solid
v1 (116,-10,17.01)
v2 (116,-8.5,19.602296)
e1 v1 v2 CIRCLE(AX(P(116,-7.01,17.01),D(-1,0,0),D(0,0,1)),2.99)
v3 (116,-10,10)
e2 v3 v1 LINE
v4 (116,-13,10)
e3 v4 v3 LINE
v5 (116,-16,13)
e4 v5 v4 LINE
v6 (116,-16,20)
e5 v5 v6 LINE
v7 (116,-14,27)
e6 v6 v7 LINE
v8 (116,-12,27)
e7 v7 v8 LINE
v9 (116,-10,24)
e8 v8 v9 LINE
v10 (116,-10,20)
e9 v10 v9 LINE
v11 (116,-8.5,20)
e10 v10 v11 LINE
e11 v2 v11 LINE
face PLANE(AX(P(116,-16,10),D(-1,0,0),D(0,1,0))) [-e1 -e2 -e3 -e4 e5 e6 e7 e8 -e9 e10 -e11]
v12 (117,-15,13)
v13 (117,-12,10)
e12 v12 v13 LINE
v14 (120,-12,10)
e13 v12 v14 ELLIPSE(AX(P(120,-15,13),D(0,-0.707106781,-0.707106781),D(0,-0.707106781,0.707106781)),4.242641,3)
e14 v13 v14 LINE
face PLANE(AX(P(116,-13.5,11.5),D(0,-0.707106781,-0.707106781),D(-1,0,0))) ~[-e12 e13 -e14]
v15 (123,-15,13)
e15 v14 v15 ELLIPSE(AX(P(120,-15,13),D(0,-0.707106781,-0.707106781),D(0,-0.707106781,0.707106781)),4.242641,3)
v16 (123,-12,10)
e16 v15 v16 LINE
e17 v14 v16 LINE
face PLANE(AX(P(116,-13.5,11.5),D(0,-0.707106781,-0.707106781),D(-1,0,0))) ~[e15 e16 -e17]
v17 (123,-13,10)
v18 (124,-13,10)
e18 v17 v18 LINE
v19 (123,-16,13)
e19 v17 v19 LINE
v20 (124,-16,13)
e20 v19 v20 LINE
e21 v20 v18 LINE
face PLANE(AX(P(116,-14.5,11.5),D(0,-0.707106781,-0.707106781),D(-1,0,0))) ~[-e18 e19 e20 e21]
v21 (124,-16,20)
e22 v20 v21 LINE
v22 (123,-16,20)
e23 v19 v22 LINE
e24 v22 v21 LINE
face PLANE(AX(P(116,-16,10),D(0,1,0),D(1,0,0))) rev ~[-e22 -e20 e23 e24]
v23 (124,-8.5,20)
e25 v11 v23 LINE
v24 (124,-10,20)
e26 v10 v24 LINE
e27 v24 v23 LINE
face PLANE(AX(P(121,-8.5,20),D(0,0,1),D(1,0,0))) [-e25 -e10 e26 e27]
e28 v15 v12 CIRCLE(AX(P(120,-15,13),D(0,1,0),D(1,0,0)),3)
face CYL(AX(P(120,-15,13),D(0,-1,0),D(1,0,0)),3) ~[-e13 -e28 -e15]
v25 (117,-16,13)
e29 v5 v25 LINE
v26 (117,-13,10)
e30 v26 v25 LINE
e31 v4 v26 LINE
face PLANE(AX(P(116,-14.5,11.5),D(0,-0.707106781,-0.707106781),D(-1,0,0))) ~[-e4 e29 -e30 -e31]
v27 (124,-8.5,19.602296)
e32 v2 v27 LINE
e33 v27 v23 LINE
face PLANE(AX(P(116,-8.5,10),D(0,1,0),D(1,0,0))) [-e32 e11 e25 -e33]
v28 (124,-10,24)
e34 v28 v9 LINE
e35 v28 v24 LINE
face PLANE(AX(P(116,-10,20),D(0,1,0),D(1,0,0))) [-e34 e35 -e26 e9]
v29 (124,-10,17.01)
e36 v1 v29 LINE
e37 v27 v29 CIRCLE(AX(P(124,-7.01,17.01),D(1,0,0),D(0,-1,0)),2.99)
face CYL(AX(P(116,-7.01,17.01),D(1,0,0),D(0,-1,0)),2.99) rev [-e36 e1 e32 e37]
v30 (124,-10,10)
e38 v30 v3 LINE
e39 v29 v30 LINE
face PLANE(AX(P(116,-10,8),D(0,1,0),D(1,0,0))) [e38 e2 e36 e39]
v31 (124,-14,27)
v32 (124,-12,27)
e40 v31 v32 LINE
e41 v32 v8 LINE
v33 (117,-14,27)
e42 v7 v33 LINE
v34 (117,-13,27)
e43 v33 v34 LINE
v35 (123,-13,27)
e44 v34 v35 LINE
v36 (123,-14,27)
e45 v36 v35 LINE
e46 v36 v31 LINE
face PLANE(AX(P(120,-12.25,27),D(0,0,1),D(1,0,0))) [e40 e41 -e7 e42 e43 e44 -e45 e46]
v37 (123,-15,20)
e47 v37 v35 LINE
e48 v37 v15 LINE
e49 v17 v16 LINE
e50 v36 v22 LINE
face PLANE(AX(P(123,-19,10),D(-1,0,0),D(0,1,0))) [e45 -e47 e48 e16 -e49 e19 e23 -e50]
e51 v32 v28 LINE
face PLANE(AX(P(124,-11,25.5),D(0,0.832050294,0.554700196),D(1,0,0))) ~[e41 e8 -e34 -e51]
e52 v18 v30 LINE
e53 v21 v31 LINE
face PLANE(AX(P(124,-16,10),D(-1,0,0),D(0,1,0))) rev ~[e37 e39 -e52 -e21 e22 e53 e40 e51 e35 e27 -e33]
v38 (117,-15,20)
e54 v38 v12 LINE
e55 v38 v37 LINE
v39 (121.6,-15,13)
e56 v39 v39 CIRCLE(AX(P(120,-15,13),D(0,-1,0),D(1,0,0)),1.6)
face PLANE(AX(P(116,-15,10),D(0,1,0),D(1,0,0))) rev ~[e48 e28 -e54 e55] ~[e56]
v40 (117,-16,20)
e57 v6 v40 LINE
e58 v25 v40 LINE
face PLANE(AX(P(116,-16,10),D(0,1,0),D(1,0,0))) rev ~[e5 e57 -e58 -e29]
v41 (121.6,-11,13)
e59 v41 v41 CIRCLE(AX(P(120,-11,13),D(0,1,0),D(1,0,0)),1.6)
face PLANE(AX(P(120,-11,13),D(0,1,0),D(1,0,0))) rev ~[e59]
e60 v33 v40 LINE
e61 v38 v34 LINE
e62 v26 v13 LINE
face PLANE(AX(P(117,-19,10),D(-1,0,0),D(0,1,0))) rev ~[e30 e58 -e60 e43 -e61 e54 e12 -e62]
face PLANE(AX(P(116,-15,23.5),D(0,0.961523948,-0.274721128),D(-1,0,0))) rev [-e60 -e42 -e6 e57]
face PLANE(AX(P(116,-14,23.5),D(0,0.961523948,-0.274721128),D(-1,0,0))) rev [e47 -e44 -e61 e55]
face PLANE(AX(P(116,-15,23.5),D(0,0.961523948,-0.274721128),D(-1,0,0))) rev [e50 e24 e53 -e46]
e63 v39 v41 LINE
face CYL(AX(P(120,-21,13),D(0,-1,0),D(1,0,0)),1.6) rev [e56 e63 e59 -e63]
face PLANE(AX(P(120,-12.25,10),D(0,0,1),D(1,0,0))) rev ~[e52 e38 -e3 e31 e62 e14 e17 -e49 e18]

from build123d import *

# Parameters (mm, degrees)
CYLINDER460_R     = 1.6
CYLINDER460_DEPTH = 10
CYLINDER461_R     = 3
CYLINDER461_DEPTH = 3
BOX316_W          = 8
BOX316_H          = 7.5
BOX316_DEPTH      = 17
CHAMFER036_SIZE   = 3
CHAMFER037_SIZE2  = 2
CHAMFER037_SIZE   = 7
BOX317_W          = 6
BOX317_H          = 7.5
BOX317_DEPTH      = 17
BOX314_W          = 10
BOX314_H          = 3
BOX314_DEPTH      = 12
BOX313_W          = 10
BOX313_H          = 3
BOX313_DEPTH      = 12
FILLET112_R       = 2.99
BOX312_W          = 8
BOX312_H          = 7.5
BOX312_DEPTH      = 17
CHAMFER033_SIZE   = 3
CHAMFER034_SIZE2  = 2
CHAMFER034_SIZE   = 7
CHAMFER035_SIZE2  = 3
CHAMFER035_SIZE   = 2


with BuildPart() as cylinder574:
    # Cylinder460 → Cylinder460 (new body)
    with BuildSketch(Plane(origin=(120, -21, 13), x_dir=(1, 0, 0), z_dir=(0, 1, 0))):
        Circle(CYLINDER460_R)
    extrude(amount=CYLINDER460_DEPTH)


with BuildPart() as cylinder575:
    # Cylinder461 → Cylinder461 (new body)
    with BuildSketch(Plane(origin=(120, -15, 13), x_dir=(1, 0, 0), z_dir=(0, 1, 0))):
        Circle(CYLINDER461_R)
    extrude(amount=CYLINDER461_DEPTH)


with BuildPart() as chamfer037:
    # Box316 → Box316 (new body)
    with BuildSketch(Plane(origin=(116, -16, 10), x_dir=(1, 0, 0), z_dir=(0, 0, 1))):
        with Locations((4, 3.75)):
            Rectangle(BOX316_W, BOX316_H)
    extrude(amount=BOX316_DEPTH)

    # Chamfer036
    chamfer036_edges = [chamfer037.edges().sort_by_distance(p)[0] for p in [
        (120, -16, 10),
    ]]
    chamfer(chamfer036_edges, length=CHAMFER036_SIZE)

    # Chamfer037
    chamfer037_edges = [chamfer037.edges().sort_by_distance(p)[0] for p in [
        (120, -16, 27),
    ]]
    chamfer037_side = chamfer037.faces().sort_by_distance((120, -16, 20))[0]
    chamfer(chamfer037_edges, length=CHAMFER037_SIZE, length2=CHAMFER037_SIZE2, reference=chamfer037_side)


with BuildPart() as cut312:
    # Box317 → Box317 (new body)
    with BuildSketch(Plane(origin=(117, -20, 10), x_dir=(1, 0, 0), z_dir=(0, 0, 1))):
        with Locations((3, 3.75)):
            Rectangle(BOX317_W, BOX317_H)
    extrude(amount=BOX317_DEPTH)

    # Cut312: cut Chamfer037
    add(chamfer037.part, mode=Mode.SUBTRACT)


with BuildPart() as cut312_1:
    # Cut312 placement: moved
    add(cut312.part.moved(Location((0, 1, 0))))


with BuildPart() as cube385:
    # Box314 → Box314 (new body)
    with BuildSketch(Plane(origin=(116, -10, 20), x_dir=(1, 0, 0), z_dir=(0, 0, 1))):
        with Locations((5, 1.5)):
            Rectangle(BOX314_W, BOX314_H)
    extrude(amount=BOX314_DEPTH)


with BuildPart() as fillet112:
    # Box313 → Box313 (new body)
    with BuildSketch(Plane(origin=(116, -10, 8), x_dir=(1, 0, 0), z_dir=(0, 0, 1))):
        with Locations((5, 1.5)):
            Rectangle(BOX313_W, BOX313_H)
    extrude(amount=BOX313_DEPTH)

    # Fillet112
    fillet112_edges = [fillet112.edges().sort_by_distance(p)[0] for p in [
        (121, -10, 20),
    ]]
    fillet(fillet112_edges, radius=FILLET112_R)


with BuildPart() as kipper_holder_left:
    # Box312 → Box312 (new body)
    with BuildSketch(Plane(origin=(116, -16, 10), x_dir=(1, 0, 0), z_dir=(0, 0, 1))):
        with Locations((4, 3.75)):
            Rectangle(BOX312_W, BOX312_H)
    extrude(amount=BOX312_DEPTH)

    # Chamfer033
    chamfer033_edges = [kipper_holder_left.edges().sort_by_distance(p)[0] for p in [
        (120, -16, 10),
    ]]
    chamfer(chamfer033_edges, length=CHAMFER033_SIZE)

    # Chamfer034
    chamfer034_edges = [kipper_holder_left.edges().sort_by_distance(p)[0] for p in [
        (120, -16, 27),
    ]]
    chamfer034_side = kipper_holder_left.faces().sort_by_distance((120, -16, 20))[0]
    chamfer(chamfer034_edges, length=CHAMFER034_SIZE, length2=CHAMFER034_SIZE2, reference=chamfer034_side)

    # Cut310: cut Fillet112
    add(fillet112.part, mode=Mode.SUBTRACT)

    # Cut311: cut Cube385
    add(cube385.part, mode=Mode.SUBTRACT)

    # Chamfer035
    chamfer035_edges = [kipper_holder_left.edges().sort_by_distance(p)[0] for p in [
        (120, -10, 27),
    ]]
    chamfer035_side = kipper_holder_left.faces().sort_by_distance((120, -12, 27))[0]
    chamfer(chamfer035_edges, length=CHAMFER035_SIZE, length2=CHAMFER035_SIZE2, reference=chamfer035_side)

    # Cut313: cut Cut312
    add(cut312_1.part, mode=Mode.SUBTRACT)

    # Fusion416: union Cylinder575
    add(cylinder575.part)

    # Cut314: cut Cylinder574
    add(cylinder574.part, mode=Mode.SUBTRACT)


solid = kipper_holder_left.part
